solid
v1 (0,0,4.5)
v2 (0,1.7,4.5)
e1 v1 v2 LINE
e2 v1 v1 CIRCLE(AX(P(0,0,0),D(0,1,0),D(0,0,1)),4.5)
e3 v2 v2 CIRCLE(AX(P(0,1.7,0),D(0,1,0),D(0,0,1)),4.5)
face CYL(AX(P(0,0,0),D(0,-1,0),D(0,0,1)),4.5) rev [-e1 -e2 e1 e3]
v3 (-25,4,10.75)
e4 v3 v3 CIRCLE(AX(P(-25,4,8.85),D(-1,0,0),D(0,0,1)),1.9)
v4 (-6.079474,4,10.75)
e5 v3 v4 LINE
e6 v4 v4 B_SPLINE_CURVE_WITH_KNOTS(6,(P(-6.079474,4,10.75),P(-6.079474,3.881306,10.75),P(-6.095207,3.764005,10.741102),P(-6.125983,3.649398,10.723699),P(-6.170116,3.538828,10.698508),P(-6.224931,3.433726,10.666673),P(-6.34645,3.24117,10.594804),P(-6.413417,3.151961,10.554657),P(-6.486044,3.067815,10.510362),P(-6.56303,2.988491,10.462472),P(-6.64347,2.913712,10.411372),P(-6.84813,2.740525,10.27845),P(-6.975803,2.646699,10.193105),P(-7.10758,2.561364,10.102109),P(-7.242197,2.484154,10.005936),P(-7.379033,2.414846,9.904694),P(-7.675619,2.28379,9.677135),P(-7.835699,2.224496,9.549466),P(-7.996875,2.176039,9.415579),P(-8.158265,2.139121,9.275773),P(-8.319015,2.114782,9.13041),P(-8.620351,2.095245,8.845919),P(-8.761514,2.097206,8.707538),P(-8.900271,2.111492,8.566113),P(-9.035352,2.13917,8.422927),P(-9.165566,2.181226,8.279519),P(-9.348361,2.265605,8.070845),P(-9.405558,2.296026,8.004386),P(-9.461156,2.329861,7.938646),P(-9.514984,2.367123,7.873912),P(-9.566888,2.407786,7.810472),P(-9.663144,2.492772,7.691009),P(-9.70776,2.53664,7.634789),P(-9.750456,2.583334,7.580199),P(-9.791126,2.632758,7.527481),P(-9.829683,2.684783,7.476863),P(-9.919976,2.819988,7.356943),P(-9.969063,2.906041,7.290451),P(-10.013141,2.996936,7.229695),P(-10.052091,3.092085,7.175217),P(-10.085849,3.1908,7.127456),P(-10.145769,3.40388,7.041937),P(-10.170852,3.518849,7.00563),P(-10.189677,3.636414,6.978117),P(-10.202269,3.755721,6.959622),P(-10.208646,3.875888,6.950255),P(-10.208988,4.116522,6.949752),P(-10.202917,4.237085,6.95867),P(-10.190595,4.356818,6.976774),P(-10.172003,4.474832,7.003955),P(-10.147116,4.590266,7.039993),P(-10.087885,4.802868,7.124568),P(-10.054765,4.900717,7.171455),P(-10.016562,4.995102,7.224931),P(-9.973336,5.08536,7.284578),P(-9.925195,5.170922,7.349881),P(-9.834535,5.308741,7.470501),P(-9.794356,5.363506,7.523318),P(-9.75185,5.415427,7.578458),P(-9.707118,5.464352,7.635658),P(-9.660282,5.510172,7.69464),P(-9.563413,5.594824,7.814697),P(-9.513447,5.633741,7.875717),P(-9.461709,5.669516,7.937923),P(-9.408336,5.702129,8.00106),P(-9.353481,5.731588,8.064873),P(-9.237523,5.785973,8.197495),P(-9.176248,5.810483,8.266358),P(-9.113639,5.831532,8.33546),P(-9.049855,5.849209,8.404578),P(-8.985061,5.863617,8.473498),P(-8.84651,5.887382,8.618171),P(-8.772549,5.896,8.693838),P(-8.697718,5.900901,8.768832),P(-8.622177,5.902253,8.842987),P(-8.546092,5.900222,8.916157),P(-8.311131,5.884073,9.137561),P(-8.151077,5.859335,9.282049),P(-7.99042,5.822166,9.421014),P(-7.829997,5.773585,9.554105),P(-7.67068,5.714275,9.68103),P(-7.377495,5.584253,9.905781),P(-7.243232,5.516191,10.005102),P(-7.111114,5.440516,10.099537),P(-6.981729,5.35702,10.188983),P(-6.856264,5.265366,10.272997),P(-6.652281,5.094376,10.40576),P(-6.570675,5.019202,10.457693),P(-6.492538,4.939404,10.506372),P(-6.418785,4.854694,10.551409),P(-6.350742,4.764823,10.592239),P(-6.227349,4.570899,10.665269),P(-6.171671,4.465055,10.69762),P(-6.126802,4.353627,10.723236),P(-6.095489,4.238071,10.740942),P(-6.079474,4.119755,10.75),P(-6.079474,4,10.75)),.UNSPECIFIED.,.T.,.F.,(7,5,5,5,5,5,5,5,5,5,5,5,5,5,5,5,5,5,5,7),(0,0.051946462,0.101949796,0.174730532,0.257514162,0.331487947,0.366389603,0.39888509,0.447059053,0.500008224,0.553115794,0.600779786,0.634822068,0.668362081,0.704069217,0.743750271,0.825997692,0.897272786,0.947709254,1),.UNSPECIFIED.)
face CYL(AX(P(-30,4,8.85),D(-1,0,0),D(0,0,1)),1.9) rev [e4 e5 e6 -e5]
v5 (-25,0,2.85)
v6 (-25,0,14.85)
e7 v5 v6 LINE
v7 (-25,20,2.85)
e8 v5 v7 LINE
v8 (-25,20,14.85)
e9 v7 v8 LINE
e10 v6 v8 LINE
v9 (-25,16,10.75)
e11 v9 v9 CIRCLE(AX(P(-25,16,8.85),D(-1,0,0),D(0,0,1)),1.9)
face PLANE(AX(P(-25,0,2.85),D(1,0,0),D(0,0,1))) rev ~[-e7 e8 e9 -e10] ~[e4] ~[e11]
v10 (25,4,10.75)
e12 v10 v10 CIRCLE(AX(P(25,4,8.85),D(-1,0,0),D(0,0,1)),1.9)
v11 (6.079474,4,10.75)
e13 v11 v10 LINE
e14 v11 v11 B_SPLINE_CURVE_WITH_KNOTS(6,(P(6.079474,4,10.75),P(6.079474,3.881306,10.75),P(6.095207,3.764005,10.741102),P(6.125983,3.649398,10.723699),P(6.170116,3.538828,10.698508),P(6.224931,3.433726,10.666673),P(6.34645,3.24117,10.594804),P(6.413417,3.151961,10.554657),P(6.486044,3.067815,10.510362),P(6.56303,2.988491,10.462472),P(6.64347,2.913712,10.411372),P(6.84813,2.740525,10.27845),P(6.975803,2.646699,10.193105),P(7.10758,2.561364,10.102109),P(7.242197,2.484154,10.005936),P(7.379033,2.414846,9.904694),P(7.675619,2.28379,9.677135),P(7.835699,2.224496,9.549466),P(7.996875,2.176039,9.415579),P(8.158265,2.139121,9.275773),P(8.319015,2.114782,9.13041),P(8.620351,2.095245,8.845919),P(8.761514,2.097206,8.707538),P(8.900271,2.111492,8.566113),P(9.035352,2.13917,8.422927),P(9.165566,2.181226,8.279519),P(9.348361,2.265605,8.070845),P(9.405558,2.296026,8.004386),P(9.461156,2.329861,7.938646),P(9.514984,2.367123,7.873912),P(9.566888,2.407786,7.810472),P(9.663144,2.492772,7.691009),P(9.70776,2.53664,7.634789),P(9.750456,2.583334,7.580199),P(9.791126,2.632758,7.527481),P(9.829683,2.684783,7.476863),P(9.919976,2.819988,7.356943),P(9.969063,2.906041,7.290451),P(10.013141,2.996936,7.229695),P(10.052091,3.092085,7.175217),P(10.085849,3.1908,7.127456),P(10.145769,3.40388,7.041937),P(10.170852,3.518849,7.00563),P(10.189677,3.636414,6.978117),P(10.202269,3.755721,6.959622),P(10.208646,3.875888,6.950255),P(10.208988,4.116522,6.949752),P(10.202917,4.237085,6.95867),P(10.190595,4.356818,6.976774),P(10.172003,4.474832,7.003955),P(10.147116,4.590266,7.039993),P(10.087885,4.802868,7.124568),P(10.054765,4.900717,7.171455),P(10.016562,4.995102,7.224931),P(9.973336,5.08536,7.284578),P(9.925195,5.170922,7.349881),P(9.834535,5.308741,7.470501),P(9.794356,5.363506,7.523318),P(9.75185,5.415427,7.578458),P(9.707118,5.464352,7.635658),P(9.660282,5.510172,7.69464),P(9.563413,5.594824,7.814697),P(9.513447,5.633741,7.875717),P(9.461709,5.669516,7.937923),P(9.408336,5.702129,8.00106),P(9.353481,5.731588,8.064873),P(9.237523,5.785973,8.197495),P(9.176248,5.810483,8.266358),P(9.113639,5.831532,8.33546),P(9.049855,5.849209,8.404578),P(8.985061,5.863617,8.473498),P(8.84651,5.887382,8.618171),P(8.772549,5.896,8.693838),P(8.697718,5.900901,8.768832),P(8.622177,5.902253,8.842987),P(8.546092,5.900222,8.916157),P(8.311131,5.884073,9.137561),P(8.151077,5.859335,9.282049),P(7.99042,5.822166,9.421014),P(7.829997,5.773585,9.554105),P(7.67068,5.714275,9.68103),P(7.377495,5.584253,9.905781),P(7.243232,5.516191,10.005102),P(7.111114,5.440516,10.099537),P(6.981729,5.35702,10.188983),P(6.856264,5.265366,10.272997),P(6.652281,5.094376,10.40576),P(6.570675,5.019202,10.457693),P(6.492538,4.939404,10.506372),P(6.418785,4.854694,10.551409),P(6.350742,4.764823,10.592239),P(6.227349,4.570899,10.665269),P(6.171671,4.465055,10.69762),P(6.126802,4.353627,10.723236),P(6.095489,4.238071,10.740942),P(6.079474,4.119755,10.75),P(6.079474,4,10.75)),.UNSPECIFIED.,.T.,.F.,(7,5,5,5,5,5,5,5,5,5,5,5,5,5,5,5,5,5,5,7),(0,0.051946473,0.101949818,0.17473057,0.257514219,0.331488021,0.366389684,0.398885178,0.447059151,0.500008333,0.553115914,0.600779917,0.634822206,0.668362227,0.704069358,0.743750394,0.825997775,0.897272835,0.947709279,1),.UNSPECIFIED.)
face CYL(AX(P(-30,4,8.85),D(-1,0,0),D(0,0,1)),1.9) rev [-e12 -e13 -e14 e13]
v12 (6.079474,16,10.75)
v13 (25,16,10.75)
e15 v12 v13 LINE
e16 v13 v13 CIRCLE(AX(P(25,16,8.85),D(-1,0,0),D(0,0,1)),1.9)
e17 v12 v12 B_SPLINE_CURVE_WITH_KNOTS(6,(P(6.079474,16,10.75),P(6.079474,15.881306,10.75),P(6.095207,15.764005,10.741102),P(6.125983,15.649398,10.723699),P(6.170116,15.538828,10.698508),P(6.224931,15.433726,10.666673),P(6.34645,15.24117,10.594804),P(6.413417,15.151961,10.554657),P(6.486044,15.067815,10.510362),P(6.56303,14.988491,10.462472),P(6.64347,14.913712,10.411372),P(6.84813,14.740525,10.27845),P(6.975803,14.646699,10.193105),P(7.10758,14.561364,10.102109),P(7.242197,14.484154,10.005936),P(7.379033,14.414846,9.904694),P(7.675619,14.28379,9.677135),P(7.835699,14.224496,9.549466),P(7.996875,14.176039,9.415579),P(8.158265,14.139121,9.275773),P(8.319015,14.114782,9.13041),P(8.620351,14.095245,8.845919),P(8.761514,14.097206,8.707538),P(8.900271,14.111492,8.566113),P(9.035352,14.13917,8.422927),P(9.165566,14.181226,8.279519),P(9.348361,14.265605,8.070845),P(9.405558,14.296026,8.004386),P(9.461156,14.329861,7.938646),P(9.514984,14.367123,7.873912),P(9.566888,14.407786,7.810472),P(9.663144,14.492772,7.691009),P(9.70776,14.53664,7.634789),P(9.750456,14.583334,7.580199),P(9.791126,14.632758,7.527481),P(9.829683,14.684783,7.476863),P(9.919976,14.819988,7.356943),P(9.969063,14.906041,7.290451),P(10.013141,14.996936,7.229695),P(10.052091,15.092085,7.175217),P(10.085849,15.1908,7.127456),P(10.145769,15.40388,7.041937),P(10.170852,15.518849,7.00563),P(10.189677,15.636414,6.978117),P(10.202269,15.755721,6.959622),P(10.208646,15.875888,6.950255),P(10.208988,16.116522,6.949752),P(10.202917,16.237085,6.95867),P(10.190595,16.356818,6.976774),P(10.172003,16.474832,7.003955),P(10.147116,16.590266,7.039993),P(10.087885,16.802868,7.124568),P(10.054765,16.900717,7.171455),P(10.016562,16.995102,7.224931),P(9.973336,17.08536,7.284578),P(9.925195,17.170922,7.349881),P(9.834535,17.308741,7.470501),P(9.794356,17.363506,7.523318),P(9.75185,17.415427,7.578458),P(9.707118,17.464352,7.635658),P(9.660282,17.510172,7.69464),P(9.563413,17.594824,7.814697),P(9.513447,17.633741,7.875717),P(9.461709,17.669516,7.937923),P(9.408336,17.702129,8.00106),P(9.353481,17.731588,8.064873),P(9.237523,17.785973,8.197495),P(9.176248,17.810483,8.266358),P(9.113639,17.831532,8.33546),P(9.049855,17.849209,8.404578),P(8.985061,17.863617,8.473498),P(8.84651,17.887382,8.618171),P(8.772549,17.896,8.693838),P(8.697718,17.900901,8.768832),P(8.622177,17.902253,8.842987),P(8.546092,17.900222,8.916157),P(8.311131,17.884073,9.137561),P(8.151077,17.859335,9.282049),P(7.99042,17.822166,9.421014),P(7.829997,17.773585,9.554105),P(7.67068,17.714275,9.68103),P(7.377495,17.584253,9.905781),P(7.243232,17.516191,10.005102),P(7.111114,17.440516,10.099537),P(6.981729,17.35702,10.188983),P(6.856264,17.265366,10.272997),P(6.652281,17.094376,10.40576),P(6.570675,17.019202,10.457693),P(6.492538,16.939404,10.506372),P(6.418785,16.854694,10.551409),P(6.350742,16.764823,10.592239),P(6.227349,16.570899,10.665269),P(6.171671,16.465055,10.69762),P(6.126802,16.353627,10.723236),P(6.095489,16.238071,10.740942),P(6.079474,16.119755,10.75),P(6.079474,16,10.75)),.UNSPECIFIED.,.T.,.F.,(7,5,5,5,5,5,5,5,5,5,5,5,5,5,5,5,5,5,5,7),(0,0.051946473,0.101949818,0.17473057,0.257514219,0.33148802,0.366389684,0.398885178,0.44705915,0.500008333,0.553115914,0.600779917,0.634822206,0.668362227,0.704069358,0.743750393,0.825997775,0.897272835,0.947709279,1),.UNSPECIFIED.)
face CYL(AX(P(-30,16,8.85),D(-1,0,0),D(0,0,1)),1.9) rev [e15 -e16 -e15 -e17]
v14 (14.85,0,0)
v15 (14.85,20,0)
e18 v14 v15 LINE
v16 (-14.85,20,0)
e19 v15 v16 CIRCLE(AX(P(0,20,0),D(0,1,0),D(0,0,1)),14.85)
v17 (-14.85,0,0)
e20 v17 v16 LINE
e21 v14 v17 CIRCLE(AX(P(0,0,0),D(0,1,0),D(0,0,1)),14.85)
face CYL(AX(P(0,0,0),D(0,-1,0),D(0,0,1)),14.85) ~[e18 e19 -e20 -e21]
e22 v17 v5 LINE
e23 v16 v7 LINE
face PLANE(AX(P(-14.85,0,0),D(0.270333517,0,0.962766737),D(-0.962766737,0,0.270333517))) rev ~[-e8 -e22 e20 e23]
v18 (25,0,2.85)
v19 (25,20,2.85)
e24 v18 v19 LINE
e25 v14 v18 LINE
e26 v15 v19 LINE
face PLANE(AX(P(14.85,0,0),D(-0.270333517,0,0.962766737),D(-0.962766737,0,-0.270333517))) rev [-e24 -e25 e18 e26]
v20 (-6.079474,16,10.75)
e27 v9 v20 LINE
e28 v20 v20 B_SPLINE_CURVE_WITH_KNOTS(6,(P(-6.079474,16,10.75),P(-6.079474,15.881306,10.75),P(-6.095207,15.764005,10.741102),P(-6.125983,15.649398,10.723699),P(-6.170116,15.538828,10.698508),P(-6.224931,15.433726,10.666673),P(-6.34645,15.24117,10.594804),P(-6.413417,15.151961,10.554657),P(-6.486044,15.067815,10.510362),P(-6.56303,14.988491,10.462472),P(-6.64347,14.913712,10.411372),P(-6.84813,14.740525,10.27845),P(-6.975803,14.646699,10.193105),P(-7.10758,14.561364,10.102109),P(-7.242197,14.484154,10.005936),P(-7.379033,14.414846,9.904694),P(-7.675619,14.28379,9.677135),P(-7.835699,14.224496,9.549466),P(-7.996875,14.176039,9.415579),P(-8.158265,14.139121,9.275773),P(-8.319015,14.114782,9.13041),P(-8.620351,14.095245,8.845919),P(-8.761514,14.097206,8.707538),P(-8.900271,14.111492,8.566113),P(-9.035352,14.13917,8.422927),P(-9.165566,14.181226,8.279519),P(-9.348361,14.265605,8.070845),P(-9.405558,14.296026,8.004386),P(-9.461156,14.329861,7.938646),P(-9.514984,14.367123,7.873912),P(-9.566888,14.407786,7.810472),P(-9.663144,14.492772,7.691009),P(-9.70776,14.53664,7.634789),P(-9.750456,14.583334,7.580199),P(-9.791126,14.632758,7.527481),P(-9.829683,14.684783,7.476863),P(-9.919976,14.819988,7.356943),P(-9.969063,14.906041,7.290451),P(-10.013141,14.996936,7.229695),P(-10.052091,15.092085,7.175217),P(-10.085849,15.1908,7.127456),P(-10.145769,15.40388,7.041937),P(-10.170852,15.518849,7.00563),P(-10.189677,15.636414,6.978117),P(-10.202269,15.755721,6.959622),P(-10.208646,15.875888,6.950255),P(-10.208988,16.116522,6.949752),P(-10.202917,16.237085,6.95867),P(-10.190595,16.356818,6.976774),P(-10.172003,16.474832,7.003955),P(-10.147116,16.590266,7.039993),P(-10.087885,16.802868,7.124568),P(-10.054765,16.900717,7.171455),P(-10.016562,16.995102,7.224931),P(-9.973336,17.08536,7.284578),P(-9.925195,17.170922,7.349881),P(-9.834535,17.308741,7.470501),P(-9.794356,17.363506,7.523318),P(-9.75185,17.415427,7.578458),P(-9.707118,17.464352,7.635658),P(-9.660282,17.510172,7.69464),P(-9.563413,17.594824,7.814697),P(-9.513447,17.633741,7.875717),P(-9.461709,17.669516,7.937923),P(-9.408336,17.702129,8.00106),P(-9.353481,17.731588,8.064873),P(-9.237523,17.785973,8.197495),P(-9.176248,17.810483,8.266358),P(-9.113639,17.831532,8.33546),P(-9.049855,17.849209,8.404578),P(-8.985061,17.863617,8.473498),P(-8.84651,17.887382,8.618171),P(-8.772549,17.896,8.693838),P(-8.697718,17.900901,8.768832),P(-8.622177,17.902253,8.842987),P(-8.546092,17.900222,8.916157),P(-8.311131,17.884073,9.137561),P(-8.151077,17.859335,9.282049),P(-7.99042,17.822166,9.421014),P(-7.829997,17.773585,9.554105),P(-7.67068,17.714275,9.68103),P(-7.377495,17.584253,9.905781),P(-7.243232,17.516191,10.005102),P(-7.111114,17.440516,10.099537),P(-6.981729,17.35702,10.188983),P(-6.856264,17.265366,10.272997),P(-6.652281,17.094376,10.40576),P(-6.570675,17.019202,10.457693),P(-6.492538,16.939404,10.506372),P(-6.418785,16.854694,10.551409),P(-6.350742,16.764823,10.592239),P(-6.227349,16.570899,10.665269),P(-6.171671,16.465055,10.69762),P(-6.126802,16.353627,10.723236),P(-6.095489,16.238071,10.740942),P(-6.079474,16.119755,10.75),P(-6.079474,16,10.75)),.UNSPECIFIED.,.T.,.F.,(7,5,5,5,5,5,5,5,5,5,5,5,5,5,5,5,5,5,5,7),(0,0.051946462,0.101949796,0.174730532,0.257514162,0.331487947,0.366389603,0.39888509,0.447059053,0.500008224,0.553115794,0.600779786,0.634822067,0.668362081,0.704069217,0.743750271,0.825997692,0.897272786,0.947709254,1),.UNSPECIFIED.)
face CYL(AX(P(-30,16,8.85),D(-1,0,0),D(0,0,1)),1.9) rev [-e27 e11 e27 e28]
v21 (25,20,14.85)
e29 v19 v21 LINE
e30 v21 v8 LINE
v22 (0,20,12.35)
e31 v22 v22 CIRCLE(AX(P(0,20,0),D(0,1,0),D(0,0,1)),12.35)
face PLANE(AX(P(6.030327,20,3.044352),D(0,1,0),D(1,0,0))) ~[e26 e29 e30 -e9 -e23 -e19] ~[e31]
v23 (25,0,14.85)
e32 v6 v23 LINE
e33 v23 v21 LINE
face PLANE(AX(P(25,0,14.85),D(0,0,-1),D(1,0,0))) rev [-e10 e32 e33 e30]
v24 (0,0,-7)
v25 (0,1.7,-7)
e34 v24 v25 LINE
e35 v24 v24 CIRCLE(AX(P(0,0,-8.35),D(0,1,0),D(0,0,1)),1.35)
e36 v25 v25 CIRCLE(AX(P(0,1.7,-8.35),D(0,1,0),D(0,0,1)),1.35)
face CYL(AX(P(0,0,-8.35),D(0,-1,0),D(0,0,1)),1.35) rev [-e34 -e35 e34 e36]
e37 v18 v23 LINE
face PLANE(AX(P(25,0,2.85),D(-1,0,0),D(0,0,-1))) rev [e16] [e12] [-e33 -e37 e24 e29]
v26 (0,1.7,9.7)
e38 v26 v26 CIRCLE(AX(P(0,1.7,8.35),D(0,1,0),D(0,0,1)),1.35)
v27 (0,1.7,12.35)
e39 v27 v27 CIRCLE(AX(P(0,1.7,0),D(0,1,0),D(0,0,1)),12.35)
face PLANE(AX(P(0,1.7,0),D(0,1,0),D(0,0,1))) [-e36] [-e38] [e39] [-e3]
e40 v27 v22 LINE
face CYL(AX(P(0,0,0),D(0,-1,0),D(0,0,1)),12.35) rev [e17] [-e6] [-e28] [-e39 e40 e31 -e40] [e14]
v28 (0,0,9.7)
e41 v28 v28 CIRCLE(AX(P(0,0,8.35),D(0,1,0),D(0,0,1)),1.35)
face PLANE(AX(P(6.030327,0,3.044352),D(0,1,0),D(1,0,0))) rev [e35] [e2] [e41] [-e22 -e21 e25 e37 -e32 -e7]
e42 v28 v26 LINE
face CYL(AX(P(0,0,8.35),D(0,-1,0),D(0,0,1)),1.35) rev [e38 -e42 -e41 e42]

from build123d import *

# Parameters (mm, degrees)
SKETCH1_R               = 12.35
BOSS_EXTRUDE1_DEPTH     = 20
SKETCH1_5_R             = 12.35
SKETCH1_5_R_2           = 1.35
SKETCH1_5_R_3           = 4.5
BOSS_EXTRUDE2_DEPTH     = 1.7
CUT_EXTRUDE1_DEPTH      = 32
CUT_EXTRUDE1_DEPTH_BACK = 30
SKETCH2_R               = 1.9


with BuildPart() as part:
    # Sketch1 → Boss-Extrude1 (new body)
    with BuildSketch(Plane(origin=(0, 0, 0), x_dir=(1, 0, 0), z_dir=(0, 1, 0))):
        with BuildLine():
            ThreePointArc((0, -14.85), (10.500535701, 10.500535701), (-14.85, 0))
            Line((-14.85, 0), (-25, -2.85))
            Line((-25, -2.85), (-25, -14.85))
            Line((-25, -14.85), (0, -14.85))
        make_face()
        Circle(SKETCH1_R, mode=Mode.SUBTRACT)
    boss_extrude1 = extrude(amount=BOSS_EXTRUDE1_DEPTH)

    # Sketch1<5> → Boss-Extrude2 (add)
    with BuildSketch(Plane(origin=(0, 0, 0), x_dir=(1, 0, 0), z_dir=(0, 1, 0))):
        Circle(SKETCH1_5_R)
        with Locations((0, -8.35)):
            Circle(SKETCH1_5_R_2, mode=Mode.SUBTRACT)
        Circle(SKETCH1_5_R_3, mode=Mode.SUBTRACT)
        with Locations((0, 8.35)):
            Circle(SKETCH1_5_R_2, mode=Mode.SUBTRACT)
    extrude(amount=BOSS_EXTRUDE2_DEPTH)

    # Mirror1: Boss-Extrude1 across plane
    add(boss_extrude1.mirror(Plane(origin=(0, 0, 0), x_dir=(0, 0, 1), z_dir=(1, 0, 0))))

    # Sketch2 → Cut-Extrude1 (cut, two sides: drawn at the far end of the back side and taken through both)
    with BuildSketch(Plane(origin=(0, 0, 0), x_dir=(0, 0, -1), z_dir=(1, 0, 0)).offset(-CUT_EXTRUDE1_DEPTH_BACK)):
        with Locations((-8.85, 4)):
            Circle(SKETCH2_R)
        with Locations((-8.85, 16)):
            Circle(SKETCH2_R)
    extrude(amount=CUT_EXTRUDE1_DEPTH + CUT_EXTRUDE1_DEPTH_BACK, mode=Mode.SUBTRACT)


solid = part.part
